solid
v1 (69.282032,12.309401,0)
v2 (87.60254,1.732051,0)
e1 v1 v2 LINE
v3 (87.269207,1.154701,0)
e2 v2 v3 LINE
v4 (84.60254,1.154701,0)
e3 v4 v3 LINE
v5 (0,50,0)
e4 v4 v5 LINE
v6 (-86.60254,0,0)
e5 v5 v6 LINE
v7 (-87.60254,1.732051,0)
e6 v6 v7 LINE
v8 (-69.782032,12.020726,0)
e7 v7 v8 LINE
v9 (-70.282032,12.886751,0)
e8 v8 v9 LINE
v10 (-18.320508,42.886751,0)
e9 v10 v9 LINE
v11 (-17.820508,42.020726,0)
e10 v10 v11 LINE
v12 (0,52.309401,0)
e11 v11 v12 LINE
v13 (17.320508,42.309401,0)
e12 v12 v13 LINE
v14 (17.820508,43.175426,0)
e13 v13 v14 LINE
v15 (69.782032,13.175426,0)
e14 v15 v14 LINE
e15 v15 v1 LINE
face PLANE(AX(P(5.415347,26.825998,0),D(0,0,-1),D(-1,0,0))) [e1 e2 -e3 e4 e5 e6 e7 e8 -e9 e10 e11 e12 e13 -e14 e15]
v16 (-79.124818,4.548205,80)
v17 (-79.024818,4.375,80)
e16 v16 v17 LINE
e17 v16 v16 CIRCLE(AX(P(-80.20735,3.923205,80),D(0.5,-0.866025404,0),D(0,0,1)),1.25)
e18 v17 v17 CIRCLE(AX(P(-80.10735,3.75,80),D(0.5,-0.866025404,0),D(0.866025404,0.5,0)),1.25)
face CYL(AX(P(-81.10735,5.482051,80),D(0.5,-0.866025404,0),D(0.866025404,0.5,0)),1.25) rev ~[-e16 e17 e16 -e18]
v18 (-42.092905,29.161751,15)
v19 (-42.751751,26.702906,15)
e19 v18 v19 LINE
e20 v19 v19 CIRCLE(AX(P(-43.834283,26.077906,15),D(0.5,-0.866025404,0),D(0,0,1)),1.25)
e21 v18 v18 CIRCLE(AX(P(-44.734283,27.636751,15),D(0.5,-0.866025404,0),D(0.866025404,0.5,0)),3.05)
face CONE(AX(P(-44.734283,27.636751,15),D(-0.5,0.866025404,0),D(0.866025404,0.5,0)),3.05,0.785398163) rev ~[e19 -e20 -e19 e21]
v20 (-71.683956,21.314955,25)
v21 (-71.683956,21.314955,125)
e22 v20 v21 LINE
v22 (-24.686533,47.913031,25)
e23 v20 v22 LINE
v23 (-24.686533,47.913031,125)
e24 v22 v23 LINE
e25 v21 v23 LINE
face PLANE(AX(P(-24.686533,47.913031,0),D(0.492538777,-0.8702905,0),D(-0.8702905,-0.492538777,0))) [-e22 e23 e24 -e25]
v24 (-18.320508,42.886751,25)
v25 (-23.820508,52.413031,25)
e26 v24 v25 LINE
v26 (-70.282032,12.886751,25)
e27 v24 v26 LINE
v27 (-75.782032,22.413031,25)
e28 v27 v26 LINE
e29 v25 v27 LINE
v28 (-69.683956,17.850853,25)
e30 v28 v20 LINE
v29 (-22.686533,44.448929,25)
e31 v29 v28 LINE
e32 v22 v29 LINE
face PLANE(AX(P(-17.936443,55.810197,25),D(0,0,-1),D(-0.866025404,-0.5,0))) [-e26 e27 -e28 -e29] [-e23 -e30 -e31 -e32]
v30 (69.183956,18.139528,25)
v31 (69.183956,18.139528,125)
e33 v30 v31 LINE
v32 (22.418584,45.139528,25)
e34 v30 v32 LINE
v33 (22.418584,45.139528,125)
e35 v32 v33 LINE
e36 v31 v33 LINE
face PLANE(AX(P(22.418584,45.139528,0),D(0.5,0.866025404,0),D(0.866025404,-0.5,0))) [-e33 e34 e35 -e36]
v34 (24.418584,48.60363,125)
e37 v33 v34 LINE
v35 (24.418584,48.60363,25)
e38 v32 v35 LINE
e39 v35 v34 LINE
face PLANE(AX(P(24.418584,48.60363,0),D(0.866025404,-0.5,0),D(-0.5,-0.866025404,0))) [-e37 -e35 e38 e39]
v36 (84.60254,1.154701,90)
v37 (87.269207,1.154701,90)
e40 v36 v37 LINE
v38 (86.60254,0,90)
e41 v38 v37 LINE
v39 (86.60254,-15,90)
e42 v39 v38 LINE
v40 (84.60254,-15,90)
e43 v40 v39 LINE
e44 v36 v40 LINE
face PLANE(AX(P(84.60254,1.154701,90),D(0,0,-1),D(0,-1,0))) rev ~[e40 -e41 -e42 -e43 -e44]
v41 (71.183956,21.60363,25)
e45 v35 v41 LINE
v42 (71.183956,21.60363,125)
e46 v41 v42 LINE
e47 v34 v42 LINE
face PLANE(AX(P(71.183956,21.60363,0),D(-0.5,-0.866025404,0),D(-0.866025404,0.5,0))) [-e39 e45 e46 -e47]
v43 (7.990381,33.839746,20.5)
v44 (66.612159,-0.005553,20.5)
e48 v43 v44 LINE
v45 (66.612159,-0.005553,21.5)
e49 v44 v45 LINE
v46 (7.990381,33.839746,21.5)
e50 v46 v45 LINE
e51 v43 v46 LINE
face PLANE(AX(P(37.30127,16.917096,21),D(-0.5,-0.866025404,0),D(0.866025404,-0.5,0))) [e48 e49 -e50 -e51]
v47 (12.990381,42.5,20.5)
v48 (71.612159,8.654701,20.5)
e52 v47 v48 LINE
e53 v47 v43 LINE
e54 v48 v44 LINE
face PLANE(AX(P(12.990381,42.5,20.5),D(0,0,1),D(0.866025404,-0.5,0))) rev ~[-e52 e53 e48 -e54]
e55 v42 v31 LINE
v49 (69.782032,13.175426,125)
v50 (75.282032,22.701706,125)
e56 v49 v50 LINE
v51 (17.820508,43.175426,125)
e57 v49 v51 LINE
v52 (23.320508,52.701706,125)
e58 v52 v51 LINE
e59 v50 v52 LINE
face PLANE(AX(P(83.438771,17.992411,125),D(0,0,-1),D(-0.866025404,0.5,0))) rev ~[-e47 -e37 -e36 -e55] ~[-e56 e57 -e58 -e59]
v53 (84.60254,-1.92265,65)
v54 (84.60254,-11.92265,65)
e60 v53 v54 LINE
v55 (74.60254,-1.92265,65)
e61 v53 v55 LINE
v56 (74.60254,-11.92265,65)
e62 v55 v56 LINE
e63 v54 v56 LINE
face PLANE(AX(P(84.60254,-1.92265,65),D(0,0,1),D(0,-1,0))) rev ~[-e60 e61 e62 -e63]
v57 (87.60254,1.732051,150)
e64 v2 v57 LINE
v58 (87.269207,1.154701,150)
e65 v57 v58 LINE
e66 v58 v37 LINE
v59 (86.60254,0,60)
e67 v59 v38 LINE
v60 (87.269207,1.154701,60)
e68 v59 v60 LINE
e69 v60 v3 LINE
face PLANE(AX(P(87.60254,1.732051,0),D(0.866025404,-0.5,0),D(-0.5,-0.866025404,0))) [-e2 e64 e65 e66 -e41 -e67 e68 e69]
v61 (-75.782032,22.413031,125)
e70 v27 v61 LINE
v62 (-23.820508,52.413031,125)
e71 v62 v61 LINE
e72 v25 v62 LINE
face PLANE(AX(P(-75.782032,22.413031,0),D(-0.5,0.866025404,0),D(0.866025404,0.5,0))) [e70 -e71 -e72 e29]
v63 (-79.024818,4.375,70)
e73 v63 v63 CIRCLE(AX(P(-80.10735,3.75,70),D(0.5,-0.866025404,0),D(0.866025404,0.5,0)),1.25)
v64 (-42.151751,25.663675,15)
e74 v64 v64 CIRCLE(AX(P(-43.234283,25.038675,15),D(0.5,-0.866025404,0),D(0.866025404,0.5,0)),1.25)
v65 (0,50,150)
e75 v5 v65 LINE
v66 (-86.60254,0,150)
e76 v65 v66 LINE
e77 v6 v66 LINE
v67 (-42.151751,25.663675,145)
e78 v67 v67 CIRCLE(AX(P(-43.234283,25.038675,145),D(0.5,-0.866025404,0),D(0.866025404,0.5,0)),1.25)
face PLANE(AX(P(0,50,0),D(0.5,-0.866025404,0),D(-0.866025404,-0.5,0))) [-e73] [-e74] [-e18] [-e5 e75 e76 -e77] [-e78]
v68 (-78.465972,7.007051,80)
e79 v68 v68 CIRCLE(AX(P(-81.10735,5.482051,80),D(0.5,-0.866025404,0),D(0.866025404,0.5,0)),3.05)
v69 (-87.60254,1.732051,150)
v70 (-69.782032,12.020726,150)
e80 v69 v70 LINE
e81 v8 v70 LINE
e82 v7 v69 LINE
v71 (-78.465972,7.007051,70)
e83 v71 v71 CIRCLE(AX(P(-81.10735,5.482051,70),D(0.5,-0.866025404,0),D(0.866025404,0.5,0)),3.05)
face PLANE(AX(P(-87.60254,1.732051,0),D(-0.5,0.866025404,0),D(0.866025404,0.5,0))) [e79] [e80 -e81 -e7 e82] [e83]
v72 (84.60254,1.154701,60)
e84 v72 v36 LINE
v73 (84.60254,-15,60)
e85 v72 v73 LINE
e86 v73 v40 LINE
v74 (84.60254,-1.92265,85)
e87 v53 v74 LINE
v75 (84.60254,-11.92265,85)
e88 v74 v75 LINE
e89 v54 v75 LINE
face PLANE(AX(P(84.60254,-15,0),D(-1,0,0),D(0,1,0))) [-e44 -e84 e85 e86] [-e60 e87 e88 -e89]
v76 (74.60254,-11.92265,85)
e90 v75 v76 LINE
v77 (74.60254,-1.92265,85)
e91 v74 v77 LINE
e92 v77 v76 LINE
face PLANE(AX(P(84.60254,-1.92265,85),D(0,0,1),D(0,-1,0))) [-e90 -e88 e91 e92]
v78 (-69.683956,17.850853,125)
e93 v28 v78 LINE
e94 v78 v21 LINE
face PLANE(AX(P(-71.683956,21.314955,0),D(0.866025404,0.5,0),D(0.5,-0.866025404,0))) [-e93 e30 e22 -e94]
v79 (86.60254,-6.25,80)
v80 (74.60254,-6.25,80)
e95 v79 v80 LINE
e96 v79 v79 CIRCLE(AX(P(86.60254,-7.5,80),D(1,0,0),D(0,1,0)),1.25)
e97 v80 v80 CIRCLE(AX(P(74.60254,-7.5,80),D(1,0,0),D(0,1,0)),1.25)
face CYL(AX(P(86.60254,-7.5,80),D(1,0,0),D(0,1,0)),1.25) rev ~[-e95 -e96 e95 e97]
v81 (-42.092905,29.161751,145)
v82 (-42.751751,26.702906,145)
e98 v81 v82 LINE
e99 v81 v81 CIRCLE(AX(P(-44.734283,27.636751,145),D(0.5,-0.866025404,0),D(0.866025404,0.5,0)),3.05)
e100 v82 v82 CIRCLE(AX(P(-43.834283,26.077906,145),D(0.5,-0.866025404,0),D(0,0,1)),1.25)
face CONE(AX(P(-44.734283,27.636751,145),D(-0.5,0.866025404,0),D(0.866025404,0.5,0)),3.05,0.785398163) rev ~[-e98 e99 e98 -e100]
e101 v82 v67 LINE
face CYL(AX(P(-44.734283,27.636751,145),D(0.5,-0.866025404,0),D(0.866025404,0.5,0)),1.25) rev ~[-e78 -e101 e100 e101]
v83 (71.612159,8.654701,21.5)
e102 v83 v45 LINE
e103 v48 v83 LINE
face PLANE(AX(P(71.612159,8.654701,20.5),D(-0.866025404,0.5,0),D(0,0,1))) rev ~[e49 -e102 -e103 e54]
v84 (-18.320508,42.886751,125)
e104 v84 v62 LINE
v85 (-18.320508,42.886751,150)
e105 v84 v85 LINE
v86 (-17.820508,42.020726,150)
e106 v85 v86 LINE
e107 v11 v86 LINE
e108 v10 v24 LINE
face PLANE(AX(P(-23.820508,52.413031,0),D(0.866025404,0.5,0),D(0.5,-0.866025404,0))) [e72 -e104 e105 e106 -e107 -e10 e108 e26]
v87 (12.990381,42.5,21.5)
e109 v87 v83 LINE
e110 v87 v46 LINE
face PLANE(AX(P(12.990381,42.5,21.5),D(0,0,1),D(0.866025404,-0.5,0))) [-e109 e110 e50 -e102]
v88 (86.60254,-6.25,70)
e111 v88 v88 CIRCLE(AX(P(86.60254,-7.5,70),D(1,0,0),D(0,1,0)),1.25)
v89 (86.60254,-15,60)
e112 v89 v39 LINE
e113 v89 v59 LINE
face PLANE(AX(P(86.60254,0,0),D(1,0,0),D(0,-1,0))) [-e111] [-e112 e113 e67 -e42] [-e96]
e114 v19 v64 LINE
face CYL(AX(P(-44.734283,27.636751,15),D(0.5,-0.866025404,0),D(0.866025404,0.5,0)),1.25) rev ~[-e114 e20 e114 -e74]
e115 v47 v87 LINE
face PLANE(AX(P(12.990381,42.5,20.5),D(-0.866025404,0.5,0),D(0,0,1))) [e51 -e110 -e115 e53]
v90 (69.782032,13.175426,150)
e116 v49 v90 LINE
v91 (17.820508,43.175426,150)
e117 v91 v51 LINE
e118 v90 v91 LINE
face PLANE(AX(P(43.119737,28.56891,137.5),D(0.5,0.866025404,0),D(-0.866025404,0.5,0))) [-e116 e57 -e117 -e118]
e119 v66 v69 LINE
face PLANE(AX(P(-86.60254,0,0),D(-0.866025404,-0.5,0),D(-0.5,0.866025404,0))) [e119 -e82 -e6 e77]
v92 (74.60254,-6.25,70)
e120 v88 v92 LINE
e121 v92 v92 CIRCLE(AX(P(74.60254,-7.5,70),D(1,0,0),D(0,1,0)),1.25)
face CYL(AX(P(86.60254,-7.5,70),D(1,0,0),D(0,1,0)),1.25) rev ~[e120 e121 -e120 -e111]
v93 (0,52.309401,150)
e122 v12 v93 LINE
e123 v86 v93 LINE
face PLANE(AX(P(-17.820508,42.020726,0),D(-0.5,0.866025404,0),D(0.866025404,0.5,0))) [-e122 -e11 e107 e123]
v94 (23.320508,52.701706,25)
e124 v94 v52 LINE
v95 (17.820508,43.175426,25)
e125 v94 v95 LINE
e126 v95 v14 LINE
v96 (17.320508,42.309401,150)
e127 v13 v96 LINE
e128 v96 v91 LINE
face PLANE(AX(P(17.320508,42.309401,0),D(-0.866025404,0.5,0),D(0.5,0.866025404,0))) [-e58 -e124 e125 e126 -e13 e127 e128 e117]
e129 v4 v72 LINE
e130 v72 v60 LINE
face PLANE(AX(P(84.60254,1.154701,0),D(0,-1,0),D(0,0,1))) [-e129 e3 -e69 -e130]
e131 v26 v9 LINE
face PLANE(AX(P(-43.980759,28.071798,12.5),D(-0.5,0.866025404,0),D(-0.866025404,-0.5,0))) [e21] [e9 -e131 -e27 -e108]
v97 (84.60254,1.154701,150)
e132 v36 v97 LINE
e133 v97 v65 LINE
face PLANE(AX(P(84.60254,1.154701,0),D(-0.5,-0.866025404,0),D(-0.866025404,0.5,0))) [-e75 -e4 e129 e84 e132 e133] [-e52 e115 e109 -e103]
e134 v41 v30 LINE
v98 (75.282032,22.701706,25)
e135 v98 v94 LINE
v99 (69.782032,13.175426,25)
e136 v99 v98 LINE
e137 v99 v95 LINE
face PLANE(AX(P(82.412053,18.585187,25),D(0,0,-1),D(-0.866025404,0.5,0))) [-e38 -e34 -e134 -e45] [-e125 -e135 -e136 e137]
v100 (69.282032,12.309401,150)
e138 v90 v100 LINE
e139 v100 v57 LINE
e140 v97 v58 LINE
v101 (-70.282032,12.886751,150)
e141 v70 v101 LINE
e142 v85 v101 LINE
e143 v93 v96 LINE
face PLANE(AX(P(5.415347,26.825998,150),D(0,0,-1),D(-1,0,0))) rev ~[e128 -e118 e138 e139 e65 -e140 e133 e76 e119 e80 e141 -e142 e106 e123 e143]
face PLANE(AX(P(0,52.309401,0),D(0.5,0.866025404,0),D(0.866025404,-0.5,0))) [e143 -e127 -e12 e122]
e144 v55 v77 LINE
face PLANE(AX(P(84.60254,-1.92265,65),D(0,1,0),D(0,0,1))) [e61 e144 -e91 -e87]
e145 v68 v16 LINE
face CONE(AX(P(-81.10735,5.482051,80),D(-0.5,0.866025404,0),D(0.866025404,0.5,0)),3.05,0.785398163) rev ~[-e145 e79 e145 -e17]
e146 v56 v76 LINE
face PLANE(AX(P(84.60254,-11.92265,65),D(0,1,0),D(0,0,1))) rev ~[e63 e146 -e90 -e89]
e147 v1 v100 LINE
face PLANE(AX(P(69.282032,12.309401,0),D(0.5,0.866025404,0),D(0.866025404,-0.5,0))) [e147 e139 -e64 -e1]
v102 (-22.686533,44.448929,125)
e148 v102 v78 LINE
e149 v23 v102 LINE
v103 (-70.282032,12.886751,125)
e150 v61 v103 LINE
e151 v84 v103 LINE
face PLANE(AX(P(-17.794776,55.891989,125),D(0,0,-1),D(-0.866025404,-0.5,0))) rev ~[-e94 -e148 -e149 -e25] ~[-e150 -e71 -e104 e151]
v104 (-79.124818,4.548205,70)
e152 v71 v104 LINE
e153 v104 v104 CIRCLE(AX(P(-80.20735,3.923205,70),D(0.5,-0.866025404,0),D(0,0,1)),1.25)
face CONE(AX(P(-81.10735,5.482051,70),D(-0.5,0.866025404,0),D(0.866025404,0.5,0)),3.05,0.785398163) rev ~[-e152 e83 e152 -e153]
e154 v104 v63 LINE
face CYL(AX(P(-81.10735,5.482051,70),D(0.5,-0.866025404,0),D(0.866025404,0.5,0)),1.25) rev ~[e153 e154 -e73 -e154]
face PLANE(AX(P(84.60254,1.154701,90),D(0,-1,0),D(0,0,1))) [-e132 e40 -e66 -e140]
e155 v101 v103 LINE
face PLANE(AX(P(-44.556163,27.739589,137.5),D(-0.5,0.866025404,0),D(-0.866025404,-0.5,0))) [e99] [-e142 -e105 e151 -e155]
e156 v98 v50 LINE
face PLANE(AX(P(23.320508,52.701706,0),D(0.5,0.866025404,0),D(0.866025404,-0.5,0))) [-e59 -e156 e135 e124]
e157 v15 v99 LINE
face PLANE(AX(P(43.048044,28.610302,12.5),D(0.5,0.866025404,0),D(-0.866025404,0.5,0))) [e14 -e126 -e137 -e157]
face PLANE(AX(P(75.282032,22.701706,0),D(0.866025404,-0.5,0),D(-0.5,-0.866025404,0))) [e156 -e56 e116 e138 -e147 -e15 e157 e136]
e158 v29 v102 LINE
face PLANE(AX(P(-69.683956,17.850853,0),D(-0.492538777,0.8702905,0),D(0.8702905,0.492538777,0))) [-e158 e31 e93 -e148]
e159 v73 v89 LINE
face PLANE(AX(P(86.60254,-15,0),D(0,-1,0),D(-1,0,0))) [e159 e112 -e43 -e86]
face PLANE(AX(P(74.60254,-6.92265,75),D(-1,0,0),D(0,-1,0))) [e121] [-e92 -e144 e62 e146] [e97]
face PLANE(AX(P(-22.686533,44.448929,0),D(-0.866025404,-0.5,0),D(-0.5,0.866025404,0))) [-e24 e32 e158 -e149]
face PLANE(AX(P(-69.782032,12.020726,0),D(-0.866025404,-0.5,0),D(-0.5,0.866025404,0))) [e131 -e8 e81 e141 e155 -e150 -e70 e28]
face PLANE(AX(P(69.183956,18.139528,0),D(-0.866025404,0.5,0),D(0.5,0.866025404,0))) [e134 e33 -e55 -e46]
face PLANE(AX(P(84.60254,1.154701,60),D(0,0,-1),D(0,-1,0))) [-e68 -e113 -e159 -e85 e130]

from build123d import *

# Parameters (mm, degrees)
PAD_DEPTH           = 150
SKETCH001_W         = 32.4797945384
SKETCH001_H         = 60
SKETCH001_W_2       = 36.6107585384
POCKET_DEPTH        = 5
SKETCH007_W         = 10
SKETCH007_H         = 20
PAD001_DEPTH        = 10
SKETCH002_R         = 1.25
HOLE_DEPTH          = 25
HOLE_TIPS_R         = 1.25
HOLE001_D           = 2.5
HOLE001_DEPTH       = 25
HOLE001_CSINK_D     = 6.1
HOLE001_CSINK_ANGLE = 90
HOLE001_TIPS_R      = 1.25
SKETCH006_W         = 74.5044810012
SKETCH006_H         = 25
SKETCH006_W_2       = 72.8484770001
POCKET001_DEPTH     = 11
SKETCH005_W         = 80.411114
SKETCH005_H         = 25
SKETCH005_W_2       = 78.205579
POCKET002_DEPTH     = 11
SKETCH009_W         = 67.6905989232
SKETCH009_H         = 1
PAD002_DEPTH        = 10
HOLE002_D           = 2.5
HOLE002_DEPTH       = 25
HOLE002_CSINK_D     = 6.1
HOLE002_CSINK_ANGLE = 90
HOLE002_TIPS_R      = 1.25


with BuildPart() as part:
    # Sketch → Pad (new body)
    with BuildSketch(Plane.XY):
        Polygon((84.6025403784, 1.1547005384), (0, 50), (-86.6025403784, 0), (-87.6025403784, 1.7320508076), (-69.7820323028, 12.0207259422), (-75.7820323028, 22.4130307876), (-23.8205080757, 52.4130307876), (-17.8205080757, 42.0207259422), (0, 52.3094010768), (17.3205080757, 42.3094010768), (23.3205080757, 52.7017059222), (75.2820323028, 22.7017059222), (69.2820323028, 12.3094010768), (87.6025403784, 1.7320508076), (86.6025403784, 0), (86.6025403784, -15), (84.6025403784, -15), align=None)
        Polygon((-71.6839560914, 21.3149545762), (-69.6839560914, 17.8508529611), (-22.6865334795, 44.4489291724), (-24.6865334795, 47.9130307876), align=None, mode=Mode.SUBTRACT)
        Polygon((69.1839560914, 18.1395280957), (71.1839560914, 21.6036297108), (24.418584287, 48.6036297108), (22.418584287, 45.1395280957), align=None, mode=Mode.SUBTRACT)
    extrude(amount=PAD_DEPTH)

    # Sketch001 (on Face4 of Pad) → Pocket (cut)
    with BuildSketch(Plane(origin=(84.6025403784, 0, 0), x_dir=(0, -1, 0), z_dir=(-1, 0, 0))):
        with Locations((15.0851967308, 30)):
            Rectangle(SKETCH001_W, SKETCH001_H)
        with Locations((17.1506787308, 120)):
            Rectangle(SKETCH001_W_2, SKETCH001_H)
    extrude(amount=-POCKET_DEPTH, mode=Mode.SUBTRACT)

    # Sketch007 (on Face30 of Pocket) → Pad001 (join)
    with BuildSketch(Plane(origin=(84.6025403784, 0, 0), x_dir=(0, -1, 0), z_dir=(-1, 0, 0))):
        with Locations((6.9226497308, 75)):
            Rectangle(SKETCH007_W, SKETCH007_H)
    extrude(amount=PAD001_DEPTH)

    # Sketch002 (on Face5 of Pocket) → Hole (cut)
    with BuildSketch(Plane.YZ.offset(86.6025403784)):
        with Locations((-7.5, 80)):
            Circle(SKETCH002_R)
        with Locations((-7.5, 70)):
            Circle(SKETCH002_R)
    extrude(amount=-HOLE_DEPTH, mode=Mode.SUBTRACT)

    # Hole tips → Hole tip 1 section 0
    with BuildSketch(Plane.YZ.offset(61.6025403784), mode=Mode.PRIVATE) as hole_tip_1_s0:
        with Locations((-7.5, 80)):
            Circle(HOLE_TIPS_R)
    loft([hole_tip_1_s0.sketch, Vertex(60.8514646047, -7.5, 80)], mode=Mode.SUBTRACT)

    # Hole tips → Hole tip 2 section 0
    with BuildSketch(Plane.YZ.offset(61.6025403784), mode=Mode.PRIVATE) as hole_tip_2_s0:
        with Locations((-7.5, 70)):
            Circle(HOLE_TIPS_R)
    loft([hole_tip_2_s0.sketch, Vertex(60.8514646047, -7.5, 70)], mode=Mode.SUBTRACT)

    # Hole001
    with Locations(Plane(origin=(-22.6506350946, 39.2320508076, 0), x_dir=(-0.8660254038, -0.5, 0), z_dir=(-0.5, 0.8660254038, 0))):
        with Locations((67.5, 80), (67.5, 70)):
            CounterSinkHole(HOLE001_D / 2, HOLE001_CSINK_D / 2, depth=HOLE001_DEPTH, counter_sink_angle=HOLE001_CSINK_ANGLE)

    # Hole001 tips → Hole001 tip 1 section 0
    with BuildSketch(Plane(origin=(-10.1506350946, 17.581415713, 0), x_dir=(-0.8660254038, -0.5, 0), z_dir=(-0.5, 0.8660254038, 0)), mode=Mode.PRIVATE) as hole001_tip_1_s0:
        with Locations((67.5, 80)):
            Circle(HOLE001_TIPS_R)
    loft([hole001_tip_1_s0.sketch, Vertex(-68.2318119632, -16.8190349873, 80)], mode=Mode.SUBTRACT)

    # Hole001 tips → Hole001 tip 2 section 0
    with BuildSketch(Plane(origin=(-10.1506350946, 17.581415713, 0), x_dir=(-0.8660254038, -0.5, 0), z_dir=(-0.5, 0.8660254038, 0)), mode=Mode.PRIVATE) as hole001_tip_2_s0:
        with Locations((67.5, 70)):
            Circle(HOLE001_TIPS_R)
    loft([hole001_tip_2_s0.sketch, Vertex(-68.2318119632, -16.8190349873, 70)], mode=Mode.SUBTRACT)

    # Sketch006 (on Face15 of Pocket) → Pocket001 (cut)
    with BuildSketch(Plane(origin=(-28.6506350946, 49.624355653, 0), x_dir=(-0.8660254038, -0.5, 0), z_dir=(-0.5, 0.8660254038, 0))):
        with Locations((24.7169745006, 137.5)):
            Rectangle(SKETCH006_W, SKETCH006_H)
        with Locations((24.0525555, 12.5)):
            Rectangle(SKETCH006_W_2, SKETCH006_H)
    extrude(amount=-POCKET001_DEPTH, mode=Mode.SUBTRACT)

    # Sketch005 (on Face20 of Pocket) → Pocket002 (cut)
    with BuildSketch(Plane(origin=(28.6506350946, 49.624355653, 0), x_dir=(-0.8660254038, 0.5, 0), z_dir=(0.5, 0.8660254038, 0))):
        with Locations((-23.058333, 137.5)):
            Rectangle(SKETCH005_W, SKETCH005_H)
        with Locations((-22.9755485, 12.5)):
            Rectangle(SKETCH005_W_2, SKETCH005_H)
    extrude(amount=-POCKET002_DEPTH, mode=Mode.SUBTRACT)

    # Sketch009 (on Face10 of Pocket) → Pad002 (join)
    with BuildSketch(Plane(origin=(21.6506350946, 37.5, 0), x_dir=(0.8660254038, -0.5, 0), z_dir=(-0.5, -0.8660254038, 0))):
        with Locations((23.8452994616, 21)):
            Rectangle(SKETCH009_W, SKETCH009_H)
    extrude(amount=PAD002_DEPTH)

    # Hole002
    with Locations(Plane(origin=(-23.1506350946, 40.0980762114, 0), x_dir=(-0.8660254038, -0.5, 0), z_dir=(-0.5, 0.8660254038, 0))):
        with Locations((24.9226497308, 145), (24.9226497308, 15)):
            CounterSinkHole(HOLE002_D / 2, HOLE002_CSINK_D / 2, depth=HOLE002_DEPTH, counter_sink_angle=HOLE002_CSINK_ANGLE)

    # Hole002 tips → Hole002 tip 1 section 0
    with BuildSketch(Plane(origin=(-10.6506350946, 18.4474411167, 0), x_dir=(-0.8660254038, -0.5, 0), z_dir=(-0.5, 0.8660254038, 0)), mode=Mode.PRIVATE) as hole002_tip_1_s0:
        with Locations((24.9226497308, 145)):
            Circle(HOLE002_TIPS_R)
    loft([hole002_tip_1_s0.sketch, Vertex(-31.8587450042, 5.3356655511, 145)], mode=Mode.SUBTRACT)

    # Hole002 tips → Hole002 tip 2 section 0
    with BuildSketch(Plane(origin=(-10.6506350946, 18.4474411167, 0), x_dir=(-0.8660254038, -0.5, 0), z_dir=(-0.5, 0.8660254038, 0)), mode=Mode.PRIVATE) as hole002_tip_2_s0:
        with Locations((24.9226497308, 15)):
            Circle(HOLE002_TIPS_R)
    loft([hole002_tip_2_s0.sketch, Vertex(-31.8587450042, 5.3356655511, 15)], mode=Mode.SUBTRACT)


solid = part.part
